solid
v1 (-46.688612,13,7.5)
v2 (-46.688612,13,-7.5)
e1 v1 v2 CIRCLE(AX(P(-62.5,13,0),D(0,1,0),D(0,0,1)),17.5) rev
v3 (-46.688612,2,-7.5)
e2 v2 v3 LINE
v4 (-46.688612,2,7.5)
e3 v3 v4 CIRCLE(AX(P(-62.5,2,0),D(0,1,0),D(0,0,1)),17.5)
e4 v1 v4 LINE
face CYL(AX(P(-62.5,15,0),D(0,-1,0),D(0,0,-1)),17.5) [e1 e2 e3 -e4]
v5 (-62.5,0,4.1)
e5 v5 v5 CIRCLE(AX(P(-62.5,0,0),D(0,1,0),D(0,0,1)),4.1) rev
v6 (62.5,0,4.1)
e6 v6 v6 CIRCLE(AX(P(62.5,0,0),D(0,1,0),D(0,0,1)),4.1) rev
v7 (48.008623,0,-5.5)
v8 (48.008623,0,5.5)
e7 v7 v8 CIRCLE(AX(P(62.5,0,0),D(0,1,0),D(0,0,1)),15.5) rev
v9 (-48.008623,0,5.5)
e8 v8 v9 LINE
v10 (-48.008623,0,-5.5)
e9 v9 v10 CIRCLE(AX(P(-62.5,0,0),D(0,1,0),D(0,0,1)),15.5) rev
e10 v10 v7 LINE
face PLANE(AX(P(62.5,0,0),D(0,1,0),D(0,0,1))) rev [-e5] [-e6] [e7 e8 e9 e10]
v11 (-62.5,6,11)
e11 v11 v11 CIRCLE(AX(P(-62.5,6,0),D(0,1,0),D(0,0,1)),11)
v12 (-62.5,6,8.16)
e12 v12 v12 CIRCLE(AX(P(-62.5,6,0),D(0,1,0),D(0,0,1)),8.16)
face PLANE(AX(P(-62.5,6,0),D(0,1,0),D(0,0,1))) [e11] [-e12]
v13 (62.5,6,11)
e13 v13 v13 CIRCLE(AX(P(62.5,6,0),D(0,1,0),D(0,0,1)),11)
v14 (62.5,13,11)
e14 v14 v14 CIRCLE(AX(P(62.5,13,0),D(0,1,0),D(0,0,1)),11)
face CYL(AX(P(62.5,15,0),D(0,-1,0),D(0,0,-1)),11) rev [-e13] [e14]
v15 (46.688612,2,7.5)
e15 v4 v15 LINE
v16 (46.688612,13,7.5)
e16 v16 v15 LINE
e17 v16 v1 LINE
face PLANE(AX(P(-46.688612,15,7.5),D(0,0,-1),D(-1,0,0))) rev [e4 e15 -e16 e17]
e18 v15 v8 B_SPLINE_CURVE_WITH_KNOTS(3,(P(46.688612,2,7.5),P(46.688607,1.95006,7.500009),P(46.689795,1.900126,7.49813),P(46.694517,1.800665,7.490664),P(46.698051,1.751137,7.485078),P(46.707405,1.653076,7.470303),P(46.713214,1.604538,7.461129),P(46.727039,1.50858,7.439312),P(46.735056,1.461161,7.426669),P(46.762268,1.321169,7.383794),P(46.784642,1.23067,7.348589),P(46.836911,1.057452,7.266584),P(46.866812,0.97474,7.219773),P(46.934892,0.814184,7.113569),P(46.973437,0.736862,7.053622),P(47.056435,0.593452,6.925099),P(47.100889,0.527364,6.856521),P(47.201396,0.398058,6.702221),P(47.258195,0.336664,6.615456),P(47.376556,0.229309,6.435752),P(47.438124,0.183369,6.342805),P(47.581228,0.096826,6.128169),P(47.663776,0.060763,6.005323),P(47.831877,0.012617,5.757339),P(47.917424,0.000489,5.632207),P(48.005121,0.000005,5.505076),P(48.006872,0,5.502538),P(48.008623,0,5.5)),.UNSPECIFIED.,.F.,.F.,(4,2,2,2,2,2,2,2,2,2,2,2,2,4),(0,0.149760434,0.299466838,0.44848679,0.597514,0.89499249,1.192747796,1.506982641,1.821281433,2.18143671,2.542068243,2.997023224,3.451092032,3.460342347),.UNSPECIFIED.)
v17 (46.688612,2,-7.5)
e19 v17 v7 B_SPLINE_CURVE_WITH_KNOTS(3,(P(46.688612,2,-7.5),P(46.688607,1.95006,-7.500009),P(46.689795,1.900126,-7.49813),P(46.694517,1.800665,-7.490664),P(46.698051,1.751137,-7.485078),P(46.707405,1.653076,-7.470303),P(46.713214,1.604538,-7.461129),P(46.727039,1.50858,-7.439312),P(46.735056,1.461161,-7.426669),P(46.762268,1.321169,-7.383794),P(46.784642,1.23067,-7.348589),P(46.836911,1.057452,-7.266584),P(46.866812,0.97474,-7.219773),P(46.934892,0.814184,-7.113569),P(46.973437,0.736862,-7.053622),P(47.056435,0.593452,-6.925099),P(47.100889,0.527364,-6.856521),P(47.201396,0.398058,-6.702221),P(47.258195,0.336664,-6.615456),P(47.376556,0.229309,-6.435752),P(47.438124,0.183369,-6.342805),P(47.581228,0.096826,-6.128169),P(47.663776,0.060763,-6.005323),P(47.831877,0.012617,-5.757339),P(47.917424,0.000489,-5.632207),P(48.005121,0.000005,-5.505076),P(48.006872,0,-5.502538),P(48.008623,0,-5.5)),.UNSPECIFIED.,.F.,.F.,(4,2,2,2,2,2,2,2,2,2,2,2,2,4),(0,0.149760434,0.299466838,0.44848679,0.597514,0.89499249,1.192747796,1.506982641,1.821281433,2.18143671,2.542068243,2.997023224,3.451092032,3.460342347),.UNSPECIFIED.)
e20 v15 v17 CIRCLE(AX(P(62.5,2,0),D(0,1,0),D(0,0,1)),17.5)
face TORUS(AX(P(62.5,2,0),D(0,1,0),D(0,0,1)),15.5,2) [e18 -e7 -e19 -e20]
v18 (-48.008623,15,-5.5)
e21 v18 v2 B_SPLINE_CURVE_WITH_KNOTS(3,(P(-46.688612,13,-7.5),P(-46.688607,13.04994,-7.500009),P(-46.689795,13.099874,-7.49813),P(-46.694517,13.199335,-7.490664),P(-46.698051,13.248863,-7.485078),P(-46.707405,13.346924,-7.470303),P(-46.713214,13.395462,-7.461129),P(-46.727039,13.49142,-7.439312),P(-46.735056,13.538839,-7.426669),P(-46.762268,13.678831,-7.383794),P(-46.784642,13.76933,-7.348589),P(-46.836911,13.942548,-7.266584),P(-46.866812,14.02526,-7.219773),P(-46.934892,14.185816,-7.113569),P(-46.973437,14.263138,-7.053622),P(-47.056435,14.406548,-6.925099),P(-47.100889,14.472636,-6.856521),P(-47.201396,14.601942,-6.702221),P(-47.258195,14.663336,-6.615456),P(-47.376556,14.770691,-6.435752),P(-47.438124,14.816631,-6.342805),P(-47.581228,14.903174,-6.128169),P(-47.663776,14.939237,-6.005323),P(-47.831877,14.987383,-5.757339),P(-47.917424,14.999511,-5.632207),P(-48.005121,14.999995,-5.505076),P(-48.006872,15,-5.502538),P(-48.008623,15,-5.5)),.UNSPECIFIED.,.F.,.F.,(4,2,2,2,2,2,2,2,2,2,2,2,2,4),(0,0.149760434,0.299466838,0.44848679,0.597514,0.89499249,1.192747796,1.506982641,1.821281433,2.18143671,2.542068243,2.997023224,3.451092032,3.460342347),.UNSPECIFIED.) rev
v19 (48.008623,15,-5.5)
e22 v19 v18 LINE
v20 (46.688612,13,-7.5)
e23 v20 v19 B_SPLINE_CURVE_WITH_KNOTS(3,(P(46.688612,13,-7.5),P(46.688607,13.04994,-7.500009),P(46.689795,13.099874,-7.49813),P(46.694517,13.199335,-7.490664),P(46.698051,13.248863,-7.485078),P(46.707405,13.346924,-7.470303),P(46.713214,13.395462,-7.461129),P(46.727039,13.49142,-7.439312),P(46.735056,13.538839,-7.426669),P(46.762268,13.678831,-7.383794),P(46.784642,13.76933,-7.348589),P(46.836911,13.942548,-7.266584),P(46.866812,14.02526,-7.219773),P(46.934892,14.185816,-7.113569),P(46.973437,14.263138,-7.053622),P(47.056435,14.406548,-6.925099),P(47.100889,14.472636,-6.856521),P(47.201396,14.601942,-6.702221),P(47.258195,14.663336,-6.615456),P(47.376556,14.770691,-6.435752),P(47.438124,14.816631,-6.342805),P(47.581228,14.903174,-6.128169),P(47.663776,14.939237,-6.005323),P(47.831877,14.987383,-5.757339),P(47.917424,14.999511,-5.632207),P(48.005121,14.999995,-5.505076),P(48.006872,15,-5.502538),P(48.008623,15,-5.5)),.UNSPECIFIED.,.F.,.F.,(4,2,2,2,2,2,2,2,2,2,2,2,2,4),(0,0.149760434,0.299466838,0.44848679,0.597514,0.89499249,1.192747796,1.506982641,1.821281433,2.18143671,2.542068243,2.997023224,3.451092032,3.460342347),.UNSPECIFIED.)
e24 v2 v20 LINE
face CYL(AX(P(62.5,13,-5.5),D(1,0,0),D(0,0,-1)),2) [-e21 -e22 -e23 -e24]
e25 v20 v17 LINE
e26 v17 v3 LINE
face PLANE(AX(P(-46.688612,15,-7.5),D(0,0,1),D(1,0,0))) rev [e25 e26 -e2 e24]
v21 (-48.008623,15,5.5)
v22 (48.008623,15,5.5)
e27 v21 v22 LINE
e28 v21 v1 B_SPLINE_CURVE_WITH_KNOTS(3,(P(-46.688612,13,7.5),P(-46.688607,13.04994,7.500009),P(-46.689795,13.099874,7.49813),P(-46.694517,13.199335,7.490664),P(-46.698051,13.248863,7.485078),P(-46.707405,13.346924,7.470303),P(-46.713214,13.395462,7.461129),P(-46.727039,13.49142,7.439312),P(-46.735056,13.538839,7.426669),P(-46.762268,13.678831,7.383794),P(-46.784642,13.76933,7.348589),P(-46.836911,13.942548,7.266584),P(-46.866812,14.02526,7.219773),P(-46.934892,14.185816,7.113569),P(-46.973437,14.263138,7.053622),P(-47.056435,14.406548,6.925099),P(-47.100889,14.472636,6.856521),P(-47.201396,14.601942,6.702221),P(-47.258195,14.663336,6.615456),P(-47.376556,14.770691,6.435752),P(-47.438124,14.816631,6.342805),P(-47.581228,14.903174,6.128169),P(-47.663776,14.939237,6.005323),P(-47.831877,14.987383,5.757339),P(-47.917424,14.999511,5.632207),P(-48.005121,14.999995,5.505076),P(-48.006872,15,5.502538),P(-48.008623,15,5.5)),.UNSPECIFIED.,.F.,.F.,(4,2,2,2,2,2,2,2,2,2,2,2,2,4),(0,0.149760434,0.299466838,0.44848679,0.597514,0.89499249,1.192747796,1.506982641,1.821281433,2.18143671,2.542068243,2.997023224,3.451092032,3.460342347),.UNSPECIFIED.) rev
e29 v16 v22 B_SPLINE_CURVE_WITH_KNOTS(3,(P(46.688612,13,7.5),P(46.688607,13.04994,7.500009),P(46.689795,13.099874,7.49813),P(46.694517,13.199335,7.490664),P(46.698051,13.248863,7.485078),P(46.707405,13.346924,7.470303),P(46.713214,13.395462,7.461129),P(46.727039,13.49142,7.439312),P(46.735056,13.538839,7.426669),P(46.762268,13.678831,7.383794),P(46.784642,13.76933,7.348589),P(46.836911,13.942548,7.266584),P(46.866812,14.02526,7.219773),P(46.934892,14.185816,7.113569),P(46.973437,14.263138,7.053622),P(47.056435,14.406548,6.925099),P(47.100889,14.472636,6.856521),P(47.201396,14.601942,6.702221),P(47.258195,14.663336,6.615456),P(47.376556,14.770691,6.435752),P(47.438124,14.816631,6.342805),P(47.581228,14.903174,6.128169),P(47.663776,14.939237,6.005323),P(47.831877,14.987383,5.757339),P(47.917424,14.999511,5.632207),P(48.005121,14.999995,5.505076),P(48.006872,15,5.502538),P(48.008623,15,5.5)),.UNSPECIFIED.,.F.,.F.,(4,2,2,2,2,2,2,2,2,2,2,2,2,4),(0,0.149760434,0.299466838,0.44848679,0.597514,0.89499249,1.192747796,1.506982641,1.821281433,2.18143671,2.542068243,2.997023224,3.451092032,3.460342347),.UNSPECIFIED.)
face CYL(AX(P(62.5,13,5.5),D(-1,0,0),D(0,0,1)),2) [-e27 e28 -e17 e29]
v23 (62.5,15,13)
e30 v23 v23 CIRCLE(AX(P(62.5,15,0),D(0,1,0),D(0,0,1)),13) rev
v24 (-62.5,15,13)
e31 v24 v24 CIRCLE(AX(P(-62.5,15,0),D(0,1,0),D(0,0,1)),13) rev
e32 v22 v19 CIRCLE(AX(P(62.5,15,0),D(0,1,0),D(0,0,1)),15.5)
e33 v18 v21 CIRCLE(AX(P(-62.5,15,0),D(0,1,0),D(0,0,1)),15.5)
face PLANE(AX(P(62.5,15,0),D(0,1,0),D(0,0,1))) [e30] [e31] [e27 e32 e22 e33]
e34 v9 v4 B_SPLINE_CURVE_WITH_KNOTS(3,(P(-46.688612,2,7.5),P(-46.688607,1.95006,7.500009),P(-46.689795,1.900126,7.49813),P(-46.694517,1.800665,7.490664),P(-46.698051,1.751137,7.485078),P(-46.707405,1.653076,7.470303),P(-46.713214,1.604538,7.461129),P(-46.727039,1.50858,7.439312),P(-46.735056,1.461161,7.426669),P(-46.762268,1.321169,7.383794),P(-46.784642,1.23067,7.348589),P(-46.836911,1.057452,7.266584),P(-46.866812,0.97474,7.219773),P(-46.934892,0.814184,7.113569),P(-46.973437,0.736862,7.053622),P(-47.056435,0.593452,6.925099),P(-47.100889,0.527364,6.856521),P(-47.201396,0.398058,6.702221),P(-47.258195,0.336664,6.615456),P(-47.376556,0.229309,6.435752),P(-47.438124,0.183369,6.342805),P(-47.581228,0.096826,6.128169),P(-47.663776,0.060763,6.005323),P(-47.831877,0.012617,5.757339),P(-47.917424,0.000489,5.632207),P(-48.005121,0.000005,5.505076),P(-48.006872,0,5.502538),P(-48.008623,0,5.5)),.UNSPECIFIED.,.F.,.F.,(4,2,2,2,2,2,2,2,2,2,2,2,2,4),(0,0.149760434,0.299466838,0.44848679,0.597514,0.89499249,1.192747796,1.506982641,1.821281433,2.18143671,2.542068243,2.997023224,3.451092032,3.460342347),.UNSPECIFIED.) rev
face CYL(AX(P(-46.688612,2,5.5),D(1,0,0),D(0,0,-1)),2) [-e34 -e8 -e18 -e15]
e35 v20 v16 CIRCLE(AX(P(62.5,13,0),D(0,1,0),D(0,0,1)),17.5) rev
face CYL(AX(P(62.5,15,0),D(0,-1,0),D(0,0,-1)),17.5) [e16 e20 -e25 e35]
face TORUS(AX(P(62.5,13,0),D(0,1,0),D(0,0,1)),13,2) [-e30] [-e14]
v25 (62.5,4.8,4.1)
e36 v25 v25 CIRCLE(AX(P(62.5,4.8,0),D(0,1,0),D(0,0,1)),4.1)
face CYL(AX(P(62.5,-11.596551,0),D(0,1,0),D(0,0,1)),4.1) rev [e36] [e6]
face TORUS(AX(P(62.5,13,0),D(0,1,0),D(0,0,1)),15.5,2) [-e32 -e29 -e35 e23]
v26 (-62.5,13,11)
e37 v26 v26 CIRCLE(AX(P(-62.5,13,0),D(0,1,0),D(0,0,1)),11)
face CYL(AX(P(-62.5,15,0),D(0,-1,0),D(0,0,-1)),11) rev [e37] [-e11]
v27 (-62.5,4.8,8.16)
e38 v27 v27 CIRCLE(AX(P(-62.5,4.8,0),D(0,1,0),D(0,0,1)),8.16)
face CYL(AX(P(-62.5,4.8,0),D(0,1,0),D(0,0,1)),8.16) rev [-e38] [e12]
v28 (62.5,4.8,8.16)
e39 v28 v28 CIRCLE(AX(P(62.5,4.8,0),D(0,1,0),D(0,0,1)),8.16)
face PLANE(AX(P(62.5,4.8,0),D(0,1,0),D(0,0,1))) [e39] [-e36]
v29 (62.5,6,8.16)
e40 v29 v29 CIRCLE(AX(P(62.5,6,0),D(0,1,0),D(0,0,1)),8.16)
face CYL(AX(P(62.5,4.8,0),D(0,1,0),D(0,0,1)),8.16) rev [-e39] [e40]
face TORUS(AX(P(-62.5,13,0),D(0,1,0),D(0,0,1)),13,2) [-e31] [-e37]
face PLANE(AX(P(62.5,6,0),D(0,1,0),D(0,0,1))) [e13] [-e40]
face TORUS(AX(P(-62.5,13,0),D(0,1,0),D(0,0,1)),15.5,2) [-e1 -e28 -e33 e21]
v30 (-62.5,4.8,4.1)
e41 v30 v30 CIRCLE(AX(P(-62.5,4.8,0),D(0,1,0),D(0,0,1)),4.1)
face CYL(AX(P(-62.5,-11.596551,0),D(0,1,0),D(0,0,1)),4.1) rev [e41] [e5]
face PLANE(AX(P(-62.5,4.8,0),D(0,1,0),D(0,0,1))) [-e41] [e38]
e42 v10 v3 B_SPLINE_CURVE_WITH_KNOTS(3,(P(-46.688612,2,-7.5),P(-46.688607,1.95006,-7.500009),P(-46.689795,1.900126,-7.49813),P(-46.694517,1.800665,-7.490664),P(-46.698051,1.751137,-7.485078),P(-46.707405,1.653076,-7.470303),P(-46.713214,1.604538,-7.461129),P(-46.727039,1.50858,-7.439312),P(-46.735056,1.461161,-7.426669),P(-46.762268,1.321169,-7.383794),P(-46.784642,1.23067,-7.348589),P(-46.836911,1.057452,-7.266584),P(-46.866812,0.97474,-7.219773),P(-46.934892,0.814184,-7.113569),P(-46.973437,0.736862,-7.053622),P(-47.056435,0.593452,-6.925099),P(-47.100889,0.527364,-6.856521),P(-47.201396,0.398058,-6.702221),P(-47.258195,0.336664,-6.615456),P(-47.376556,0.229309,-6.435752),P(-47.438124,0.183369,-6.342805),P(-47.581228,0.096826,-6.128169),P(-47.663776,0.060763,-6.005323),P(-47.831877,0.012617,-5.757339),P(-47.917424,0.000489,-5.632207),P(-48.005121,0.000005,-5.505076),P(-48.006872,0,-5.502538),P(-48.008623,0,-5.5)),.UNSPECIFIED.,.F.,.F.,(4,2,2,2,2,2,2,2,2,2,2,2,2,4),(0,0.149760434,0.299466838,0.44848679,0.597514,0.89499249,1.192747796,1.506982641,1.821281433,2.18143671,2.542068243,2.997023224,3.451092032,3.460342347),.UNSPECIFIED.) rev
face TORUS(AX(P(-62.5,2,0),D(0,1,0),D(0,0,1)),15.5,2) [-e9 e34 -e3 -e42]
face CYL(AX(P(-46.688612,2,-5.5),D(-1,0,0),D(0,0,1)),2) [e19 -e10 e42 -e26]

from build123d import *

# Parameters (mm, degrees)
SKETCH1_R           = 11
BOSS_EXTRUDE1_DEPTH = 15
SKETCH2_R           = 11
BOSS_EXTRUDE2_DEPTH = 6
SKETCH3_R           = 8.16
CUT_EXTRUDE1_DEPTH  = 1.2
FILLET2_R           = 2
SKETCH9_R           = 4.1
CUT_EXTRUDE4_DEPTH  = 4.8


with BuildPart() as part:
    # Sketch1 → Boss-Extrude1 (new body)
    with BuildSketch(Plane(origin=(0, 0, 0), x_dir=(1, 0, 0), z_dir=(0, 1, 0))):
        with BuildLine():
            Line((-46.688611699, 7.5), (46.688611699, 7.5))
            ThreePointArc((46.688611699, 7.5), (80, 0), (46.688611699, -7.5))
            Line((46.688611699, -7.5), (-46.688611699, -7.5))
            ThreePointArc((-46.688611699, -7.5), (-80, 0), (-46.688611699, 7.5))
        make_face()
        with Locations(Location((-62.5, 0, 0), (0, 0, 270))):
            Circle(SKETCH1_R, mode=Mode.SUBTRACT)
        with Locations(Location((62.5, 0, 0), (0, 0, 270))):
            Circle(SKETCH1_R, mode=Mode.SUBTRACT)
    extrude(amount=BOSS_EXTRUDE1_DEPTH)

    # Sketch2 → Boss-Extrude2 (add)
    with BuildSketch(Plane(origin=(0, 0, 0), x_dir=(1, 0, 0), z_dir=(0, 1, 0))):
        with Locations(Location((62.5, 0, 0), (0, 0, 270))):
            Circle(SKETCH2_R)
        with Locations(Location((-62.5, 0, 0), (0, 0, 270))):
            Circle(SKETCH2_R)
    extrude(amount=BOSS_EXTRUDE2_DEPTH)

    # Sketch3 → Cut-Extrude1 (cut)
    with BuildSketch(Plane(origin=(0, 6, 0), x_dir=(1, 0, 0), z_dir=(0, 1, 0))):
        with Locations(Location((-62.5, 0, 0), (0, 0, 270))):
            Circle(SKETCH3_R)
        with Locations(Location((62.5, 0, 0), (0, 0, 270))):
            Circle(SKETCH3_R)
    extrude(amount=-CUT_EXTRUDE1_DEPTH, mode=Mode.SUBTRACT)

    # Fillet2
    fillet2_edges = [part.edges().sort_by_distance(p)[0] for p in [
        (-80, 15, 0),
        (-62.5, 15, -11),
        (0, 15, 7.5),
        (62.5, 15, -11),
        (80, 15, 0),
        (0, 0, 7.5),
        (-80, 0, 0),
        (0, 0, -7.5),
        (80, 0, 0),
        (0, 15, -7.5),
    ]]
    fillet(fillet2_edges, radius=FILLET2_R)

    # Sketch9 → Cut-Extrude4 (cut)
    with BuildSketch(Plane(origin=(0, 4.8, 0), x_dir=(1, 0, 0), z_dir=(0, 1, 0))):
        with Locations(Location((-62.5, 0, 0), (0, 0, 270))):
            Circle(SKETCH9_R)
        with Locations(Location((62.5, 0, 0), (0, 0, 270))):
            Circle(SKETCH9_R)
    extrude(amount=-CUT_EXTRUDE4_DEPTH, mode=Mode.SUBTRACT)


solid = part.part
